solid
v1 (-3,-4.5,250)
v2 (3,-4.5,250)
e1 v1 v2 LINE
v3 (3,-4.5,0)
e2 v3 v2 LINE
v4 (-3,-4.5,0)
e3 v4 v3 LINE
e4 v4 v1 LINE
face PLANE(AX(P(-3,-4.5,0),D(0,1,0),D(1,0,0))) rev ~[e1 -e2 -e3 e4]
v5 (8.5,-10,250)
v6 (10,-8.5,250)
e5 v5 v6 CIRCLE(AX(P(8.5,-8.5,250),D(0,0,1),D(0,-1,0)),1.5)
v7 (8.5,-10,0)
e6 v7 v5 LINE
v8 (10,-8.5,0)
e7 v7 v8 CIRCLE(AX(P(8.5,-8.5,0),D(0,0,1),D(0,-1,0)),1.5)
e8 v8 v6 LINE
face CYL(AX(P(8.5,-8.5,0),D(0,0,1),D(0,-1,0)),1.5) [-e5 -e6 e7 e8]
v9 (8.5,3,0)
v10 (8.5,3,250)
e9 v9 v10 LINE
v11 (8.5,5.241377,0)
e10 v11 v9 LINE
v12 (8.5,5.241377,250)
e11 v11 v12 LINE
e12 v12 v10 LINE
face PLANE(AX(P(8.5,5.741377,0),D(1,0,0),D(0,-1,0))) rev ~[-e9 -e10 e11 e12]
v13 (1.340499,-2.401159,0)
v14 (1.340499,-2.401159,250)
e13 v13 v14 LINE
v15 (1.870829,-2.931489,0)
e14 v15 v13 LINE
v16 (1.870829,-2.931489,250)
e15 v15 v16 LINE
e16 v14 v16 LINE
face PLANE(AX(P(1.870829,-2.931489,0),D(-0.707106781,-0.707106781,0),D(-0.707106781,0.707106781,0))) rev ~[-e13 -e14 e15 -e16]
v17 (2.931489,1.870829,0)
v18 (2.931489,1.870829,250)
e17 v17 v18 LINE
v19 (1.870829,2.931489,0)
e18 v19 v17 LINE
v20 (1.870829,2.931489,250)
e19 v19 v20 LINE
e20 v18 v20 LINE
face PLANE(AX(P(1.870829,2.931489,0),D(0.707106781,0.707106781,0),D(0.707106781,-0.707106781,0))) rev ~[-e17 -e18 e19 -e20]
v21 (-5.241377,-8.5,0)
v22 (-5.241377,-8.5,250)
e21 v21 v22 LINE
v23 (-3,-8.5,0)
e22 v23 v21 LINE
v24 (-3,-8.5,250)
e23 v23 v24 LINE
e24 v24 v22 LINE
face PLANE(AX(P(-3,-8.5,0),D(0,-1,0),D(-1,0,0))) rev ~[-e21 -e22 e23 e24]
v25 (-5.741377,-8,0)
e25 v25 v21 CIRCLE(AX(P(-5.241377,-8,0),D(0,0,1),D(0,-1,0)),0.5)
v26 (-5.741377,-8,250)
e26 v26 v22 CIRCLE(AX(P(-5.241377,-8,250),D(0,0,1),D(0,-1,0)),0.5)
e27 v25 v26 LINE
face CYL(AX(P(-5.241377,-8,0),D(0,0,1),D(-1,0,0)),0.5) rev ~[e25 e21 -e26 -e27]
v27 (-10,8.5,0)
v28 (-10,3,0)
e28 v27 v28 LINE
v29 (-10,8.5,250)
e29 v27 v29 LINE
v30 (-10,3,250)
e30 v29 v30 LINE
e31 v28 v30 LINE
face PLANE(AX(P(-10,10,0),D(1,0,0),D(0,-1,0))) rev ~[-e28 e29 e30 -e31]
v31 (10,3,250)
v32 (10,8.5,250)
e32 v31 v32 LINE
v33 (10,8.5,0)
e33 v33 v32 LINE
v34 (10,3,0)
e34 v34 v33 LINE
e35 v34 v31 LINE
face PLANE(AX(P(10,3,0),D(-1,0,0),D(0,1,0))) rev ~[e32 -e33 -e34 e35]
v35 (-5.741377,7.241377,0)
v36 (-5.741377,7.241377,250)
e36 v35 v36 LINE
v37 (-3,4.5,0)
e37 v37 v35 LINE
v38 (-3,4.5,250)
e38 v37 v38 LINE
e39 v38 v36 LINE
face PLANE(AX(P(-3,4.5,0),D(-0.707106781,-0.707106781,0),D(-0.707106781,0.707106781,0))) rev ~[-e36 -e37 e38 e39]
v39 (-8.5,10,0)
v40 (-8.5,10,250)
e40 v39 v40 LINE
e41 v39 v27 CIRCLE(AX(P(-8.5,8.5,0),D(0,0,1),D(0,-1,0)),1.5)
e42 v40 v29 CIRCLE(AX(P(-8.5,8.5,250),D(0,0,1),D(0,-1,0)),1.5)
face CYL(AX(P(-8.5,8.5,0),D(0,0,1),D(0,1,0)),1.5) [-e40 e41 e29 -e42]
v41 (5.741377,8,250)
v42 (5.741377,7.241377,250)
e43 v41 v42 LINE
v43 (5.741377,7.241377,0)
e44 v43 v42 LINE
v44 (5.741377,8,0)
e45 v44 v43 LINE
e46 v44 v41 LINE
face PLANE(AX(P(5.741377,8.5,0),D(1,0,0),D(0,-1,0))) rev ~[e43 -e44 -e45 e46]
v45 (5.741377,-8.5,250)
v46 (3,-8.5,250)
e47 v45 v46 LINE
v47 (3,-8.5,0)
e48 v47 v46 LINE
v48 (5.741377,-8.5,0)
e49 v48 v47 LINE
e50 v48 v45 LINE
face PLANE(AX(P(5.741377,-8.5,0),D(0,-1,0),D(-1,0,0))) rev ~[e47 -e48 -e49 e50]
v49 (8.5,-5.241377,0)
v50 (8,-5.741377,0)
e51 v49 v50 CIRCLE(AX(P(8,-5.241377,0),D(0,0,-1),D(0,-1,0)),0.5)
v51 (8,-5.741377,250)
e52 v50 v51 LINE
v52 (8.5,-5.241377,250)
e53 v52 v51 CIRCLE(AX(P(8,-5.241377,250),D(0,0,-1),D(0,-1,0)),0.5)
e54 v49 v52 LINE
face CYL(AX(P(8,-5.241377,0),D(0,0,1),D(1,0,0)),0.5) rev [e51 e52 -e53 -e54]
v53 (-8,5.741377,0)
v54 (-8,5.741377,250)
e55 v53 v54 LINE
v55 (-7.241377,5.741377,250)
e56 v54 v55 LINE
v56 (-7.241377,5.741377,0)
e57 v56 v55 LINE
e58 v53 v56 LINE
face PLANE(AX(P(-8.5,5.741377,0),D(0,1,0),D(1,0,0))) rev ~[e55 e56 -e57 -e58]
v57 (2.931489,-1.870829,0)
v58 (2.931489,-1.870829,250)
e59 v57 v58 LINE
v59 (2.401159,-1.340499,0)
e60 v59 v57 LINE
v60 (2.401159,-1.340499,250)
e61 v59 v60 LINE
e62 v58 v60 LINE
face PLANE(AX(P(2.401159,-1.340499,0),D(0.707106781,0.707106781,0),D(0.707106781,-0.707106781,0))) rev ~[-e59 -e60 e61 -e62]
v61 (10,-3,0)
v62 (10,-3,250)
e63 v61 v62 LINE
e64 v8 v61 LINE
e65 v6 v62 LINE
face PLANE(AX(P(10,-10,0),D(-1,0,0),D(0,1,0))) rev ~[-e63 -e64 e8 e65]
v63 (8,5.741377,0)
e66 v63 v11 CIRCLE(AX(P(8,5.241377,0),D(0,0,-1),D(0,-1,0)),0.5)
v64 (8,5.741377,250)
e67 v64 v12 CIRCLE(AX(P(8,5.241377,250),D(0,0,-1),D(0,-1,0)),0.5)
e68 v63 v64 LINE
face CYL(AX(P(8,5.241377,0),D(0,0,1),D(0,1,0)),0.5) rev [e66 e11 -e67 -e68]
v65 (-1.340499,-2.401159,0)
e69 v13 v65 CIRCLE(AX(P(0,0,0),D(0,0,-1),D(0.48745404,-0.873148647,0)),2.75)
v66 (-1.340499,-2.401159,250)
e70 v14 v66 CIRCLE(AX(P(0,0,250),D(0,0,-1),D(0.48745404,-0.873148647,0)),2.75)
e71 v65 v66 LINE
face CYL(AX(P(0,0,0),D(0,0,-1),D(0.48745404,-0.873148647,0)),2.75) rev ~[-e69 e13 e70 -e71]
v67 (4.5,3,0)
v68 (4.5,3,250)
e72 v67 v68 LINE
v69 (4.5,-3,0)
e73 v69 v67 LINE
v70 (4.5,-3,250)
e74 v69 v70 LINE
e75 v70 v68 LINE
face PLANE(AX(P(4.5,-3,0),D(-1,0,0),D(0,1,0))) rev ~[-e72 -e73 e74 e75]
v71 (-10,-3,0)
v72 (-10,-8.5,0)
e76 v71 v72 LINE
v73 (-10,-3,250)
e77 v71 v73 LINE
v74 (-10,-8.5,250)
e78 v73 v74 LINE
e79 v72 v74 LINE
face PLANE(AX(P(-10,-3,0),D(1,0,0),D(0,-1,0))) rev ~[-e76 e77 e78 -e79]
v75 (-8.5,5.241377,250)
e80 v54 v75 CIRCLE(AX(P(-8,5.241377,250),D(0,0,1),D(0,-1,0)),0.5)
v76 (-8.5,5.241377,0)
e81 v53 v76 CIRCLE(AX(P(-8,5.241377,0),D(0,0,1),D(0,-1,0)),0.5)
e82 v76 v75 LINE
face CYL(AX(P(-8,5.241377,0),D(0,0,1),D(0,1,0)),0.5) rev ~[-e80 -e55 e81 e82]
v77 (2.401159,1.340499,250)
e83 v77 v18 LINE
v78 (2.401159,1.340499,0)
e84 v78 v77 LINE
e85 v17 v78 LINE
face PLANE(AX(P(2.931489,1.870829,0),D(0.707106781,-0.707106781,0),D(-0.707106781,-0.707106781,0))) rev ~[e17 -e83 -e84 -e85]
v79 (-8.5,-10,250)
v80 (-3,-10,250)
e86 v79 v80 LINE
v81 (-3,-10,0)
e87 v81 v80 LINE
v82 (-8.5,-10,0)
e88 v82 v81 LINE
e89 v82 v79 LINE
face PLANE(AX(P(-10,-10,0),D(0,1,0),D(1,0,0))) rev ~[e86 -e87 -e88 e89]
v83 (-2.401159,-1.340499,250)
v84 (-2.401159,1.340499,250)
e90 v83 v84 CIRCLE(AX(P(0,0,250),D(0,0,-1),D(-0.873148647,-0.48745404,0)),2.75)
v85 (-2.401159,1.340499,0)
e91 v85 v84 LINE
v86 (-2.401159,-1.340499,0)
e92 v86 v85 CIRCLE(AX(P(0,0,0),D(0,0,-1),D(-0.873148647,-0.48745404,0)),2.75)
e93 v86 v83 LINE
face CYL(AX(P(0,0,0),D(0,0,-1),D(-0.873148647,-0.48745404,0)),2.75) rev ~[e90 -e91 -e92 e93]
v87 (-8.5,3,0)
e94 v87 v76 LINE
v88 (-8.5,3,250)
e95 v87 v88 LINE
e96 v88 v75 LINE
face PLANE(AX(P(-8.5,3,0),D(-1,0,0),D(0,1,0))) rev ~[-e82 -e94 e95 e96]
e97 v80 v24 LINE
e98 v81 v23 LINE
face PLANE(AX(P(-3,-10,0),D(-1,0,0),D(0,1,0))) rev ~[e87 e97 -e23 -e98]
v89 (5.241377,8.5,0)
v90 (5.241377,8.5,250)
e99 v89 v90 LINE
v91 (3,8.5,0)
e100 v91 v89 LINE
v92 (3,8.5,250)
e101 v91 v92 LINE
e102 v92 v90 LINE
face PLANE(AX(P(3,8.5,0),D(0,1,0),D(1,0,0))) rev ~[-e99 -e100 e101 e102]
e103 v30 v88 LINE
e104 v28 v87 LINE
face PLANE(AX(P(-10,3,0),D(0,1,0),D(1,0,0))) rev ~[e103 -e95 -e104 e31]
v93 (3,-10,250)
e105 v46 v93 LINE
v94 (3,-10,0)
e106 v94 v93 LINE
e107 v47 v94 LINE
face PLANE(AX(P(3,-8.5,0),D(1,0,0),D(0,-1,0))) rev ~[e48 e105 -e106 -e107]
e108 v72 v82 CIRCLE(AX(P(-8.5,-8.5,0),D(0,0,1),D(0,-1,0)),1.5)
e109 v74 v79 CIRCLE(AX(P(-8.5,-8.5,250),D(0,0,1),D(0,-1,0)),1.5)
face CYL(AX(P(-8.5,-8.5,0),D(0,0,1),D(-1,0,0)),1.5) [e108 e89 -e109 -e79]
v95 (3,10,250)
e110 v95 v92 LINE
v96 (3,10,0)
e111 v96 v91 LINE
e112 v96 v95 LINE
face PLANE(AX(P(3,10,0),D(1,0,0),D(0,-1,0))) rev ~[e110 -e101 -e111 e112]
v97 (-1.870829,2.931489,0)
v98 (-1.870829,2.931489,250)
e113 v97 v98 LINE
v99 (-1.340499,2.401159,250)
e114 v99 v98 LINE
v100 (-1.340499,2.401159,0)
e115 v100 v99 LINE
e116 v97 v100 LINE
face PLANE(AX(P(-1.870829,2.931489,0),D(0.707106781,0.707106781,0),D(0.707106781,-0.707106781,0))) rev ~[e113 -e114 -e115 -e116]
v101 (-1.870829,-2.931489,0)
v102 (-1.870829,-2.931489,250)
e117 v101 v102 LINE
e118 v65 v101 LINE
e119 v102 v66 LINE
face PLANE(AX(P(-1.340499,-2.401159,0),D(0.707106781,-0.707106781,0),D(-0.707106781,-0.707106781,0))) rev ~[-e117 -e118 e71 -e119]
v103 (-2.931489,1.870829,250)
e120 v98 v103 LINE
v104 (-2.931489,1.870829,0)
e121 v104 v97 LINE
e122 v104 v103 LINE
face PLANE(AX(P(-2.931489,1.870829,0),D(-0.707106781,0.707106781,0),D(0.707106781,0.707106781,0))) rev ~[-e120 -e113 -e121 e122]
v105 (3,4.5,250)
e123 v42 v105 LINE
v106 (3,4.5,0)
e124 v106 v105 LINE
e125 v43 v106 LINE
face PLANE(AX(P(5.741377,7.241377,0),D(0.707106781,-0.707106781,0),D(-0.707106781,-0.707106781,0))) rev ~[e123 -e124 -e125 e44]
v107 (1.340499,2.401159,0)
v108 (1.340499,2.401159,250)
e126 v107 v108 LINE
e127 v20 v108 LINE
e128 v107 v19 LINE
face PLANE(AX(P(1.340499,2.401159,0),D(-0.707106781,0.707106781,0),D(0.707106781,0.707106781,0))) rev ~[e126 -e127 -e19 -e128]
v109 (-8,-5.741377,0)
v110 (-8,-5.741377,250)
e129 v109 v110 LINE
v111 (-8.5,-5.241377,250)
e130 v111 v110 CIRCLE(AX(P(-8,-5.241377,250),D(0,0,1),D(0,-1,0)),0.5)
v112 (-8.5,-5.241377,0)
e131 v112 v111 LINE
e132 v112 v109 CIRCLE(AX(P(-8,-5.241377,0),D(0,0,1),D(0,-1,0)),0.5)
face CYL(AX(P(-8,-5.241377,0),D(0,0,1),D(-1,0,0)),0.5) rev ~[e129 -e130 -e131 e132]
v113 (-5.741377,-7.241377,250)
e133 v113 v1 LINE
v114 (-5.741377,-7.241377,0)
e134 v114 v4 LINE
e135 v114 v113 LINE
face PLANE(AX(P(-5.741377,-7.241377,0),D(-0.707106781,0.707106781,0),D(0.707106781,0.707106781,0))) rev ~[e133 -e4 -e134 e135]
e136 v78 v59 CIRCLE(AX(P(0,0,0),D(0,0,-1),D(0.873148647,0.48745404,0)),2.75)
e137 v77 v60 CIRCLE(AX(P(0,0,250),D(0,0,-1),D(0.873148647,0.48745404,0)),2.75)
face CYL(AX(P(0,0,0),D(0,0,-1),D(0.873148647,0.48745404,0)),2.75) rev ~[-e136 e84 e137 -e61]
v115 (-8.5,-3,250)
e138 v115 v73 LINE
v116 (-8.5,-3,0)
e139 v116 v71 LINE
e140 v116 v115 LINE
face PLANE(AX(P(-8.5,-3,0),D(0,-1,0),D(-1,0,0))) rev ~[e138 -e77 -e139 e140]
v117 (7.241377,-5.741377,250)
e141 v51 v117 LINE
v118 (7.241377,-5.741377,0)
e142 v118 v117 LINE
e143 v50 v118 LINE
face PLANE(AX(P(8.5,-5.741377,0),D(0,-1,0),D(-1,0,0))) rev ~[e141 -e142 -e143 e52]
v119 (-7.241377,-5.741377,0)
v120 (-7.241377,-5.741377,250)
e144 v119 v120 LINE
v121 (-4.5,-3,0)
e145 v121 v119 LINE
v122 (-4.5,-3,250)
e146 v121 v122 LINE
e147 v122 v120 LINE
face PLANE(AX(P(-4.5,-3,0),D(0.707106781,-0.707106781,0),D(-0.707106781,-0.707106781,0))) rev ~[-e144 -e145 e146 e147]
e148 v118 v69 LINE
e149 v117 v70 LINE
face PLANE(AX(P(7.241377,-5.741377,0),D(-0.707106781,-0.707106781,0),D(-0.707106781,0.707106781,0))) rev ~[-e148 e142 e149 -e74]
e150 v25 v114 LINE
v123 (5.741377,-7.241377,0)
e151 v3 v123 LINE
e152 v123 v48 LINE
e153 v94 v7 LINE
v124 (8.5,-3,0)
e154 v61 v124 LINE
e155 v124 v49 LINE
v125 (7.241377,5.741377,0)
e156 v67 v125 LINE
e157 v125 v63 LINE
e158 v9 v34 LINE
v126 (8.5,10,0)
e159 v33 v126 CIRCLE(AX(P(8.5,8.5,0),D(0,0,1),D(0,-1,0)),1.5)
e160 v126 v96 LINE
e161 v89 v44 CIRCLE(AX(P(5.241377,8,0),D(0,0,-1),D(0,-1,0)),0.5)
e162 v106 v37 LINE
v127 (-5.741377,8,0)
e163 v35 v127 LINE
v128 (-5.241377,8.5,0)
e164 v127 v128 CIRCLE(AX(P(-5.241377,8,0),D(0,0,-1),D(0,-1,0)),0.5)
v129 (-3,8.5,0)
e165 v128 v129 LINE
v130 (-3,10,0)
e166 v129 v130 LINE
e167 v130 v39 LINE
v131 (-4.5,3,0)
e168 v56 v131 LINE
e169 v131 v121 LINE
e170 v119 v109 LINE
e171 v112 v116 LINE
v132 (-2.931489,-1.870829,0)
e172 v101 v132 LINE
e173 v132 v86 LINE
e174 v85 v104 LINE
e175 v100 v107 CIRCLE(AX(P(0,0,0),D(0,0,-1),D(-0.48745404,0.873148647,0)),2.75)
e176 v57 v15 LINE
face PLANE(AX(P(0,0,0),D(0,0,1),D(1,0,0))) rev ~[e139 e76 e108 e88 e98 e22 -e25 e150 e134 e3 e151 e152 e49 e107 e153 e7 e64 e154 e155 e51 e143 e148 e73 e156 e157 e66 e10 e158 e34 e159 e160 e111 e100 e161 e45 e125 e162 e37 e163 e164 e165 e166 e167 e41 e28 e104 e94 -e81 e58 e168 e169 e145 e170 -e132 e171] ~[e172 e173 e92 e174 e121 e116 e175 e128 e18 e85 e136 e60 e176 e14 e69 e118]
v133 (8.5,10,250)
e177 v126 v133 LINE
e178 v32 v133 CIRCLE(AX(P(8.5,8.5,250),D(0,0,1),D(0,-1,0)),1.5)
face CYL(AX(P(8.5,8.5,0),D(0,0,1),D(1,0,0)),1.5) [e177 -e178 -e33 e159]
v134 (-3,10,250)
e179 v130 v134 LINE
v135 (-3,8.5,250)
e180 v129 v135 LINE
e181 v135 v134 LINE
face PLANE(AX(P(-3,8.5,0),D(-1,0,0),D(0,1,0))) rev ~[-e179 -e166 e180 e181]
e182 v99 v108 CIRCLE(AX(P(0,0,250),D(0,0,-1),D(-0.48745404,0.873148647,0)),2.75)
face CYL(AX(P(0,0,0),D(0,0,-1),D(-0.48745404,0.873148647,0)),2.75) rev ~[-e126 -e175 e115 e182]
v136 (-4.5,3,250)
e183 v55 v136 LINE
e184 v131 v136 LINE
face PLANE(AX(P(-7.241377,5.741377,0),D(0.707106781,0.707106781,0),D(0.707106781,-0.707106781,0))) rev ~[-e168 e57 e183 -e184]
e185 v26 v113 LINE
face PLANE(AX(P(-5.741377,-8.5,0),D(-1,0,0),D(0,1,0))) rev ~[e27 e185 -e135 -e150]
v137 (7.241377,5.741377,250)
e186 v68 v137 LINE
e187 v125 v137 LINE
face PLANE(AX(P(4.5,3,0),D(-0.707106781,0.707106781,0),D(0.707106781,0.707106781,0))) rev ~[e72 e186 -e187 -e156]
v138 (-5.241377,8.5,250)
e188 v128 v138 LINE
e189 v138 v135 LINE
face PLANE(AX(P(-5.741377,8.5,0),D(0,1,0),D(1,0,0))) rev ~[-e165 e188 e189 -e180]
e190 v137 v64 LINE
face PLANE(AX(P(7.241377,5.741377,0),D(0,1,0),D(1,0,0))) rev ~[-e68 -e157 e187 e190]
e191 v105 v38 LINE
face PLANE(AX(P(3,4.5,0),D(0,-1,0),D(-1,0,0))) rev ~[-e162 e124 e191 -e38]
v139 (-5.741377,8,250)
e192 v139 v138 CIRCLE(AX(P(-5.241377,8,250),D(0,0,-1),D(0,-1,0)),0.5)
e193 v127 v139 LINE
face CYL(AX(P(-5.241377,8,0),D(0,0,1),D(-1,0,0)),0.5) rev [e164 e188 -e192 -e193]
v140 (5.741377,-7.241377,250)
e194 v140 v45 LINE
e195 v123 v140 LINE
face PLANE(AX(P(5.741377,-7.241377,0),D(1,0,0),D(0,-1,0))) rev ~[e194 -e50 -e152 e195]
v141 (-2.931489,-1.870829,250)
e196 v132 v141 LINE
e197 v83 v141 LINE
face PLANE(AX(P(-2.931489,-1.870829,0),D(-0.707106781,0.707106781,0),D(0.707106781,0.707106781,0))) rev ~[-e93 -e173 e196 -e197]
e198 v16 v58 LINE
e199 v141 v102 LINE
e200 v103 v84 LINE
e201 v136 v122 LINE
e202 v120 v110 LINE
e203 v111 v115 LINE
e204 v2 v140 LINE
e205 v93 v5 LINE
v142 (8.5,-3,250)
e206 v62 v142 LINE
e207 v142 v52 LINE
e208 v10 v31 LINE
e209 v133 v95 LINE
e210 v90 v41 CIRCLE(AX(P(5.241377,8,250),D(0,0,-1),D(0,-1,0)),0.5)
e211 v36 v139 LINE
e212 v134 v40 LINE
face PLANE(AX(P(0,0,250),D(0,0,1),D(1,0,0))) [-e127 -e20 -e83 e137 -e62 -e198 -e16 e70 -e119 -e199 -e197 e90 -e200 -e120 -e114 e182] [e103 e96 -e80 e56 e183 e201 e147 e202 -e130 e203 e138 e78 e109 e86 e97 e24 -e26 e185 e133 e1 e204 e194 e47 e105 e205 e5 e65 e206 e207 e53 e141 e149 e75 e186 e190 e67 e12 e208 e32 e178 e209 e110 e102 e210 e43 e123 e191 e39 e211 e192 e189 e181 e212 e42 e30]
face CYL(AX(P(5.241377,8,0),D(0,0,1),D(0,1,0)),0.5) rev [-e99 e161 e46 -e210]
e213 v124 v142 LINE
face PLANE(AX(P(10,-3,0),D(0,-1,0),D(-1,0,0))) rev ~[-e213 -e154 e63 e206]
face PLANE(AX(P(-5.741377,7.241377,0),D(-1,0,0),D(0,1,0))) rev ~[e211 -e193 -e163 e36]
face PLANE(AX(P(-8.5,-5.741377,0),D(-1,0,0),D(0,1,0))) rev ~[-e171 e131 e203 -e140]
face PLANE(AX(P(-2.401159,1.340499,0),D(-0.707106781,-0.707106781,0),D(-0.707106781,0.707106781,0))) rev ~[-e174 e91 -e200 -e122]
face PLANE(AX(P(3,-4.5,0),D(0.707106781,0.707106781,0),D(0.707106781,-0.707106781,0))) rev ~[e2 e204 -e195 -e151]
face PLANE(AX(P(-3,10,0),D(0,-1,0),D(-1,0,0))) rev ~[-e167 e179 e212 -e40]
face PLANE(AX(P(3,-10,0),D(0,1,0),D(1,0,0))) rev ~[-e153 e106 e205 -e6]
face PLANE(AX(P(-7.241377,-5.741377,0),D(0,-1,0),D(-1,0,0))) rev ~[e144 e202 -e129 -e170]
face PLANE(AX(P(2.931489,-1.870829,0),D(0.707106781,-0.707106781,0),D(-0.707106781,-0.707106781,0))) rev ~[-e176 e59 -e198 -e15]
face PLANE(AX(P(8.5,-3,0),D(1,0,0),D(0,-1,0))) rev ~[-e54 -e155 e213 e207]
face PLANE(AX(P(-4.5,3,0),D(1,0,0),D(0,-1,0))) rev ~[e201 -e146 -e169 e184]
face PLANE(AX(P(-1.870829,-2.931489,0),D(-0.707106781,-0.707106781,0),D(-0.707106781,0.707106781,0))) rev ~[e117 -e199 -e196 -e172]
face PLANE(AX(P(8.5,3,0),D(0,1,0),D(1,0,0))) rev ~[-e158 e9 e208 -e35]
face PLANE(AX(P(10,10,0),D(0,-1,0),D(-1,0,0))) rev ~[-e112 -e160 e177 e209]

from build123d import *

# Parameters (mm, degrees)
SALIENTE_EXTRUIR1_DEPTH = 250
REDONDEO1_R             = 1.5
REDONDEO2_R             = 0.5
CORTAR_EXTRUIR1_DEPTH   = 251.399680511


with BuildPart() as part:
    # Croquis1 → Saliente-Extruir1 (new body)
    with BuildSketch(Plane.XY):
        Polygon((3, -4.5), (5.7413765, -7.2413765), (5.7413765, -8.5), (3, -8.5), (3, -10), (10, -10), (10, -3), (8.5, -3), (8.5, -5.7413765), (7.2413765, -5.7413765), (4.5, -3), (4.5, 3), (7.2413765, 5.7413765), (8.5, 5.7413765), (8.5, 3), (10, 3), (10, 10), (3, 10), (3, 8.5), (5.7413765, 8.5), (5.7413765, 7.2413765), (3, 4.5), (-3, 4.5), (-5.7413765, 7.2413765), (-5.7413765, 8.5), (-3, 8.5), (-3, 10), (-10, 10), (-10, 3), (-8.5, 3), (-8.5, 5.7413765), (-7.2413765, 5.7413765), (-4.5, 3), (-4.5, -3), (-7.2413765, -5.7413765), (-8.5, -5.7413765), (-8.5, -3), (-10, -3), (-10, -10), (-3, -10), (-3, -8.5), (-5.7413765, -8.5), (-5.7413765, -7.2413765), (-3, -4.5), align=None)
    extrude(amount=SALIENTE_EXTRUIR1_DEPTH)

    # Redondeo1
    redondeo1_edges = [part.edges().sort_by_distance(p)[0] for p in [
        (10, -10, 125),
        (-10, -10, 125),
        (-10, 10, 125),
        (10, 10, 125),
    ]]
    fillet(redondeo1_edges, radius=REDONDEO1_R)

    # Redondeo2
    redondeo2_edges = [part.edges().sort_by_distance(p)[0] for p in [
        (-5.7413765, -8.5, 125),
        (-8.5, -5.7413765, 125),
        (-8.5, 5.7413765, 125),
        (-5.7413765, 8.5, 125),
        (5.7413765, 8.5, 125),
        (8.5, 5.7413765, 125),
        (8.5, -5.7413765, 125),
    ]]
    fillet(redondeo2_edges, radius=REDONDEO2_R)

    # Croquis2 → Cortar-Extruir1 (cut, through all)
    with BuildSketch(Plane(origin=(0, 0, 0), x_dir=(-1, 0, 0), z_dir=(0, 0, -1))):
        with BuildLine():
            Line((-1.340498607, 2.401158779), (-1.870828693, 2.931488865))
            Line((-1.870828693, 2.931488865), (-2.931488865, 1.870828693))
            Line((-2.931488865, 1.870828693), (-2.401158779, 1.340498607))
            ThreePointArc((-2.401158779, 1.340498607), (-2.75, 0), (-2.401158779, -1.340498607))
            Line((-2.401158779, -1.340498607), (-2.931488865, -1.870828693))
            Line((-2.931488865, -1.870828693), (-1.870828693, -2.931488865))
            Line((-1.870828693, -2.931488865), (-1.340498607, -2.401158779))
            ThreePointArc((-1.340498607, -2.401158779), (0, -2.75), (1.340498607, -2.401158779))
            Line((1.340498607, -2.401158779), (1.870828693, -2.931488865))
            Line((1.870828693, -2.931488865), (2.931488865, -1.870828693))
            Line((2.931488865, -1.870828693), (2.401158779, -1.340498607))
            ThreePointArc((2.401158779, -1.340498607), (2.75, 0), (2.401158779, 1.340498607))
            Line((2.401158779, 1.340498607), (2.931488865, 1.870828693))
            Line((2.931488865, 1.870828693), (1.870828693, 2.931488865))
            Line((1.870828693, 2.931488865), (1.340498607, 2.401158779))
            ThreePointArc((1.340498607, 2.401158779), (0, 2.75), (-1.340498607, 2.401158779))
        make_face()
    extrude(amount=-CORTAR_EXTRUIR1_DEPTH, mode=Mode.SUBTRACT)


solid = part.part
